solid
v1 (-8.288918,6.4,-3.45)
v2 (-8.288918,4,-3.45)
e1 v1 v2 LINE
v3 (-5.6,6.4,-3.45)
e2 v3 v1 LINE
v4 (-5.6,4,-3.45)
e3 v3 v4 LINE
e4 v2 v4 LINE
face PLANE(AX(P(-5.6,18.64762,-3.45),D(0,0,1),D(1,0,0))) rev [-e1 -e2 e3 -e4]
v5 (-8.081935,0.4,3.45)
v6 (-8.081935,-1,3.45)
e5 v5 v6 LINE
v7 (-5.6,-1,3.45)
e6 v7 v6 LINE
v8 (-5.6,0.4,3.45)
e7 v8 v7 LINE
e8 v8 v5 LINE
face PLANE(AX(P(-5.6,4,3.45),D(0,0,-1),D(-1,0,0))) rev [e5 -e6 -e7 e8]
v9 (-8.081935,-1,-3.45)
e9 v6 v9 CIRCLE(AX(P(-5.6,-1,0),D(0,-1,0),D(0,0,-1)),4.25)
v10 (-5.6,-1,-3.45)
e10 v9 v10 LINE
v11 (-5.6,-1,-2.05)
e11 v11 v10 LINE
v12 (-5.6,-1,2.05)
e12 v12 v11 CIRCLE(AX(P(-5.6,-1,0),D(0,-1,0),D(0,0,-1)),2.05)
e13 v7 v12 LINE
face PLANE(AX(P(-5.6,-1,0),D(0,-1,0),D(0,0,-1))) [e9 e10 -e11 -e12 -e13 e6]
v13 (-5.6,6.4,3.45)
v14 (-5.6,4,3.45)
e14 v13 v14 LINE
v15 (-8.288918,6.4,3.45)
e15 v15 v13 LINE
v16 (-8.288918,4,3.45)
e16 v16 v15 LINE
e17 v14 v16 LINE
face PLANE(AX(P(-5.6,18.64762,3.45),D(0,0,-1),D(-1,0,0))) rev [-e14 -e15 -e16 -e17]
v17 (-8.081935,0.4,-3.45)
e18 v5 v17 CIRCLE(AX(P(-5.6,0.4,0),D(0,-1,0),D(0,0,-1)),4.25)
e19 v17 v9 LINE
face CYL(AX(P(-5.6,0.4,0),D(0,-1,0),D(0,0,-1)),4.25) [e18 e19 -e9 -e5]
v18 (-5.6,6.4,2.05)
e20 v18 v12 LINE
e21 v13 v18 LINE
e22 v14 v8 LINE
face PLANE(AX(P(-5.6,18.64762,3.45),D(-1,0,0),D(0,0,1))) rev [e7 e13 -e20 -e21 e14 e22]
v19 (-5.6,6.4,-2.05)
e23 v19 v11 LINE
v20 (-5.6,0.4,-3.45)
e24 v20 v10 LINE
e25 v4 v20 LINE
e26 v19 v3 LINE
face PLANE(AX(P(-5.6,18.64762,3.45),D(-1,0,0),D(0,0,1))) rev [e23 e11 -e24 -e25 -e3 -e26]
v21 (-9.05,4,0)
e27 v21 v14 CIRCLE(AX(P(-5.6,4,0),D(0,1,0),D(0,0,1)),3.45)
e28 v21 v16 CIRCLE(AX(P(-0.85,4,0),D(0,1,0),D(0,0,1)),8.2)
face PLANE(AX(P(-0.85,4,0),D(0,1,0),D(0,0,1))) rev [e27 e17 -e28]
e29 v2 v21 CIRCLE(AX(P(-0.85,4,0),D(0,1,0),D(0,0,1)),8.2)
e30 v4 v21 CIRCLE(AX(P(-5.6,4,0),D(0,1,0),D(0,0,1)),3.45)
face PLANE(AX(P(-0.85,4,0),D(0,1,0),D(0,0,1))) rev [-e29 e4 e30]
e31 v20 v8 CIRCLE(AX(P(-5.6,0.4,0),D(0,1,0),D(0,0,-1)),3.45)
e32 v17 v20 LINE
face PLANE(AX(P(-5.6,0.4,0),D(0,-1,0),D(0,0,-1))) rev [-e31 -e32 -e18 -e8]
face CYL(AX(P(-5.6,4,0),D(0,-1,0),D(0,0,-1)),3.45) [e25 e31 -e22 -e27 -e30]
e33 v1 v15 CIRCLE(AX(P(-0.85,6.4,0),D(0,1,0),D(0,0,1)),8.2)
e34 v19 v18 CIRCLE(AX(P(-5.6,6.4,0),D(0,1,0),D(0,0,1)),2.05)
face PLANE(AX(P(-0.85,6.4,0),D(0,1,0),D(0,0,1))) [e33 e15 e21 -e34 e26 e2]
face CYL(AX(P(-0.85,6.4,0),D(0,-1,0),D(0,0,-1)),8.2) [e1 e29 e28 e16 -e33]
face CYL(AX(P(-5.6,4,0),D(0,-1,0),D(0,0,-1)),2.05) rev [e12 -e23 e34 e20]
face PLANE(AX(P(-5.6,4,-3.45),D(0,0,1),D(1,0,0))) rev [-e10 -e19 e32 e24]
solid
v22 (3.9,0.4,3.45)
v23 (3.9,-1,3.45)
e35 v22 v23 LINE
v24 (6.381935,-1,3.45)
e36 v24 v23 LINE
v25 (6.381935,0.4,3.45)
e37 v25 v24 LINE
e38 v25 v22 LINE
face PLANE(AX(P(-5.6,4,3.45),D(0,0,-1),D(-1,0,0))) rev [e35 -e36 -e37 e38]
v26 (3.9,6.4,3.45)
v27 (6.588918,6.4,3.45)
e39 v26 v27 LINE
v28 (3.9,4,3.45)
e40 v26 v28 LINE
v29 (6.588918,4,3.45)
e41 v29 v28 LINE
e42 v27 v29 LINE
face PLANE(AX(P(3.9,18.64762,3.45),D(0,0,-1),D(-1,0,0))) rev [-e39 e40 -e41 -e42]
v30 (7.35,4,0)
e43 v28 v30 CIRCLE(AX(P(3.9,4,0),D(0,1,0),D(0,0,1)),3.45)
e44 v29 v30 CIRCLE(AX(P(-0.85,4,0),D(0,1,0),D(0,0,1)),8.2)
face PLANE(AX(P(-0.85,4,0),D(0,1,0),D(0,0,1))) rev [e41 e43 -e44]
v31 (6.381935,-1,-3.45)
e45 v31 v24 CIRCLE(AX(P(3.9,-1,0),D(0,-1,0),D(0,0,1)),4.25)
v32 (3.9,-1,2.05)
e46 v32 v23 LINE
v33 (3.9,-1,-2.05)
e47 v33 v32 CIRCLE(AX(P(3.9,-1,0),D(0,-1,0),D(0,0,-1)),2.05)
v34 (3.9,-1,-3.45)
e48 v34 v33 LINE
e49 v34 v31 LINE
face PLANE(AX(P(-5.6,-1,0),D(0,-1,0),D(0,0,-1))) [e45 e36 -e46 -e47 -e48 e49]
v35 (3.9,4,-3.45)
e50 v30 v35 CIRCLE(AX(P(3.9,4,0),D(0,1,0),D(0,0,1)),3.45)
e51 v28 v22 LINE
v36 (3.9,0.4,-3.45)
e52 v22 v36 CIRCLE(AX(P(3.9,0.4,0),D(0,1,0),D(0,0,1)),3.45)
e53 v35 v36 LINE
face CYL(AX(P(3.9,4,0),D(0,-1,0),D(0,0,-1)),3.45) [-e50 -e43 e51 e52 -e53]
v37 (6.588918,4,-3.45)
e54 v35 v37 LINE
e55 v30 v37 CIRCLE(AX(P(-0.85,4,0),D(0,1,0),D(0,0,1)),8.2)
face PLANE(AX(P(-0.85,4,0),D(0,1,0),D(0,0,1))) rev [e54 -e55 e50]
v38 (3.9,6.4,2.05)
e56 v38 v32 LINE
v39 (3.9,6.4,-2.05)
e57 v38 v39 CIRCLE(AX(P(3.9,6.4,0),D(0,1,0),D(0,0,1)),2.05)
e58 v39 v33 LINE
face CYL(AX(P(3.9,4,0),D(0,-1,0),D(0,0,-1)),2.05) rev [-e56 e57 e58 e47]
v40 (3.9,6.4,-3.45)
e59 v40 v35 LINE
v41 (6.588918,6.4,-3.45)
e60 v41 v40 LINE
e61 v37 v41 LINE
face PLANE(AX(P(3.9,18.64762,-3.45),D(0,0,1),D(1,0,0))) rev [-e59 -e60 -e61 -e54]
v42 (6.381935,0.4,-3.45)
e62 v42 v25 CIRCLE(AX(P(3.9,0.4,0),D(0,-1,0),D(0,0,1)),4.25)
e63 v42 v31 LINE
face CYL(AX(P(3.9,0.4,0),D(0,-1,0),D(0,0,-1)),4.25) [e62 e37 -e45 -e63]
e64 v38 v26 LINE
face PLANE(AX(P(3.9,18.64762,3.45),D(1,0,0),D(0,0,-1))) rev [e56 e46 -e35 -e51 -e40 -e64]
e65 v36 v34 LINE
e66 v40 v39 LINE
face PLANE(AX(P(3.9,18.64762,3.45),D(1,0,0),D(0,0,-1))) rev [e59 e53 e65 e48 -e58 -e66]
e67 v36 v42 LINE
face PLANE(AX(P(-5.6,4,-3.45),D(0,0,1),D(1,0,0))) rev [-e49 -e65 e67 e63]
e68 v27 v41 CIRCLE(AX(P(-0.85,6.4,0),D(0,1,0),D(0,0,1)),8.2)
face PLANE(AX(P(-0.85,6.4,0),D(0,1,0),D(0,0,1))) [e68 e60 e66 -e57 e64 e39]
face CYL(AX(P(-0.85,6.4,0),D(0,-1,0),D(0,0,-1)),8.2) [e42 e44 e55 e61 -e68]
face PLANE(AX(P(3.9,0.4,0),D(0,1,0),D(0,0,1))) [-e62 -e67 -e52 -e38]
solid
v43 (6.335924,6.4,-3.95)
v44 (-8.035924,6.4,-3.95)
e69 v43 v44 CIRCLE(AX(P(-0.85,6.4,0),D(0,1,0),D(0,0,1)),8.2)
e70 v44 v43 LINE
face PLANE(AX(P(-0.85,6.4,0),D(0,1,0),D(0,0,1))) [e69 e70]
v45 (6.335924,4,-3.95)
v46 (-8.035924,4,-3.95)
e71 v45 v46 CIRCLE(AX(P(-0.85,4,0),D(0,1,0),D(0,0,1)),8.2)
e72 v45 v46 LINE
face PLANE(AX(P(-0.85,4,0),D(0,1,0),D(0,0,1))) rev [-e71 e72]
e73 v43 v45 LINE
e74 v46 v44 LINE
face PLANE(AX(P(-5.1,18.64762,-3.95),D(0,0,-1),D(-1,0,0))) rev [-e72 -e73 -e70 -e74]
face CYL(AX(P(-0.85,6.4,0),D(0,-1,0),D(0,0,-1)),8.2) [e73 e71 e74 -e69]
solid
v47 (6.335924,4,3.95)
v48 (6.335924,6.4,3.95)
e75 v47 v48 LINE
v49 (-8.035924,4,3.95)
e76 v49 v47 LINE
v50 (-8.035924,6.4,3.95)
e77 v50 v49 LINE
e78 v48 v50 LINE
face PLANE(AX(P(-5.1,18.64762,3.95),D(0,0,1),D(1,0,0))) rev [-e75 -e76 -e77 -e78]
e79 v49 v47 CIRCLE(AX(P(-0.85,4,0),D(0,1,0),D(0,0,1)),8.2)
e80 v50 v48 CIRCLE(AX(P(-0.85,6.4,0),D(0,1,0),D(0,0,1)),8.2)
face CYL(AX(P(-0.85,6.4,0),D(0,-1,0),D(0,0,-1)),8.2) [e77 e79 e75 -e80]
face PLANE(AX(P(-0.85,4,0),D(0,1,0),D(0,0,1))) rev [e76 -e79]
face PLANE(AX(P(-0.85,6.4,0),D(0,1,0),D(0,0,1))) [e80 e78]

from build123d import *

# Parameters (mm, degrees)
EXTRUDE_1_DEPTH     = 4
SKETCH_2_R          = 8.2
EXTRUDE_2_DEPTH     = 2.4
EXTRUDE_3_DEPTH     = 1
EXTRUDE_4_DEPTH     = 1.4
CUT_EXTRUDE_1_DEPTH = 7.4
SKETCH_13_W         = 8.5
SKETCH_13_H         = 1.9
CUT_EXTRUDE_2_DEPTH = 7.4


with BuildPart() as part:
    # ｽｹｯﾁ1 → ﾎﾞｽ - 押し出し1 (new body)
    with BuildSketch(Plane(origin=(0, 0, 0), x_dir=(1, 0, 0), z_dir=(0, 1, 0))):
        with BuildLine():
            Line((-5.6, 3.45), (3.9, 3.45))
            ThreePointArc((3.9, 3.45), (7.35, 0), (3.9, -3.45))
            Line((3.9, -3.45), (-5.6, -3.45))
            ThreePointArc((-5.6, -3.45), (-9.05, 0), (-5.6, 3.45))
        make_face()
        with BuildLine():
            Line((-5.6, 2.05), (3.9, 2.05))
            ThreePointArc((3.9, 2.05), (5.95, 0), (3.9, -2.05))
            Line((3.9, -2.05), (-5.6, -2.05))
            ThreePointArc((-5.6, -2.05), (-7.65, 0), (-5.6, 2.05))
        make_face(mode=Mode.SUBTRACT)
    extrude(amount=EXTRUDE_1_DEPTH)

    # ｽｹｯﾁ2 → ﾎﾞｽ - 押し出し2 (add)
    with BuildSketch(Plane(origin=(0, 4, 0), x_dir=(1, 0, 0), z_dir=(0, 1, 0))):
        with Locations((-0.85, 0)):
            Circle(SKETCH_2_R)
        with BuildLine():
            Line((-5.6, -2.05), (3.9, -2.05))
            ThreePointArc((3.9, -2.05), (5.95, 0), (3.9, 2.05))
            Line((3.9, 2.05), (-5.6, 2.05))
            ThreePointArc((-5.6, 2.05), (-7.65, 0), (-5.6, -2.05))
        make_face(mode=Mode.SUBTRACT)
    extrude(amount=EXTRUDE_2_DEPTH)

    # ｽｹｯﾁ3 → ﾎﾞｽ - 押し出し3 (add)
    with BuildSketch(Plane.XZ):
        with BuildLine():
            Line((-5.6, -3.45), (3.9, -3.45))
            ThreePointArc((3.9, -3.45), (7.35, 0), (3.9, 3.45))
            Line((3.9, 3.45), (-5.6, 3.45))
            ThreePointArc((-5.6, 3.45), (-9.05, 0), (-5.6, -3.45))
        make_face()
        with BuildLine():
            Line((-5.6, 2.05), (3.9, 2.05))
            ThreePointArc((3.9, 2.05), (5.95, 0), (3.9, -2.05))
            Line((3.9, -2.05), (-5.6, -2.05))
            ThreePointArc((-5.6, -2.05), (-7.65, 0), (-5.6, 2.05))
        make_face(mode=Mode.SUBTRACT)
    extrude(amount=EXTRUDE_3_DEPTH)

    # ｽｹｯﾁ4 → ﾎﾞｽ - 押し出し4 (add)
    with BuildSketch(Plane.XZ.offset(1)):
        with BuildLine():
            Line((3.9, -3.45), (6.381934729, -3.45))
            ThreePointArc((6.381934729, -3.45), (8.15, 0), (6.381934729, 3.45))
            Line((6.381934729, 3.45), (3.9, 3.45))
            ThreePointArc((3.9, 3.45), (7.35, 0), (3.9, -3.45))
        make_face()
        with BuildLine():
            Line((-5.6, 3.45), (-8.081934729, 3.45))
            ThreePointArc((-8.081934729, 3.45), (-9.85, 0), (-8.081934729, -3.45))
            Line((-8.081934729, -3.45), (-5.6, -3.45))
            ThreePointArc((-5.6, -3.45), (-9.05, 0), (-5.6, 3.45))
        make_face()
    extrude(amount=-EXTRUDE_4_DEPTH)

    # ｽｹｯﾁ12 → ｶｯﾄ - 押し出し1 (cut)
    with BuildSketch(Plane.XZ.offset(1)):
        Polygon((-5.1, 3.95), (-5.1, -3.95), (-14.4591774, -3.95), (-14.4591774, -3.45), (-5.6, -3.45), (-5.6, 3.45), (-14.4591774, 3.45), (-14.4591774, 3.95), align=None)
        Polygon((12.7591774, 3.45), (12.7591774, 3.95), (3.4, 3.95), (3.4, -3.95), (12.7591774, -3.95), (12.7591774, -3.45), (3.9, -3.45), (3.9, 3.45), align=None)
    extrude(amount=-CUT_EXTRUDE_1_DEPTH, mode=Mode.SUBTRACT)

    # ｽｹｯﾁ13 → ｶｯﾄ - 押し出し2 (cut)
    with BuildSketch(Plane.XZ.offset(1)):
        with Locations((-0.85, 3)):
            Rectangle(SKETCH_13_W, SKETCH_13_H)
        with Locations((-0.85, -3)):
            Rectangle(SKETCH_13_W, SKETCH_13_H)
    extrude(amount=-CUT_EXTRUDE_2_DEPTH, mode=Mode.SUBTRACT)


solid = part.part
